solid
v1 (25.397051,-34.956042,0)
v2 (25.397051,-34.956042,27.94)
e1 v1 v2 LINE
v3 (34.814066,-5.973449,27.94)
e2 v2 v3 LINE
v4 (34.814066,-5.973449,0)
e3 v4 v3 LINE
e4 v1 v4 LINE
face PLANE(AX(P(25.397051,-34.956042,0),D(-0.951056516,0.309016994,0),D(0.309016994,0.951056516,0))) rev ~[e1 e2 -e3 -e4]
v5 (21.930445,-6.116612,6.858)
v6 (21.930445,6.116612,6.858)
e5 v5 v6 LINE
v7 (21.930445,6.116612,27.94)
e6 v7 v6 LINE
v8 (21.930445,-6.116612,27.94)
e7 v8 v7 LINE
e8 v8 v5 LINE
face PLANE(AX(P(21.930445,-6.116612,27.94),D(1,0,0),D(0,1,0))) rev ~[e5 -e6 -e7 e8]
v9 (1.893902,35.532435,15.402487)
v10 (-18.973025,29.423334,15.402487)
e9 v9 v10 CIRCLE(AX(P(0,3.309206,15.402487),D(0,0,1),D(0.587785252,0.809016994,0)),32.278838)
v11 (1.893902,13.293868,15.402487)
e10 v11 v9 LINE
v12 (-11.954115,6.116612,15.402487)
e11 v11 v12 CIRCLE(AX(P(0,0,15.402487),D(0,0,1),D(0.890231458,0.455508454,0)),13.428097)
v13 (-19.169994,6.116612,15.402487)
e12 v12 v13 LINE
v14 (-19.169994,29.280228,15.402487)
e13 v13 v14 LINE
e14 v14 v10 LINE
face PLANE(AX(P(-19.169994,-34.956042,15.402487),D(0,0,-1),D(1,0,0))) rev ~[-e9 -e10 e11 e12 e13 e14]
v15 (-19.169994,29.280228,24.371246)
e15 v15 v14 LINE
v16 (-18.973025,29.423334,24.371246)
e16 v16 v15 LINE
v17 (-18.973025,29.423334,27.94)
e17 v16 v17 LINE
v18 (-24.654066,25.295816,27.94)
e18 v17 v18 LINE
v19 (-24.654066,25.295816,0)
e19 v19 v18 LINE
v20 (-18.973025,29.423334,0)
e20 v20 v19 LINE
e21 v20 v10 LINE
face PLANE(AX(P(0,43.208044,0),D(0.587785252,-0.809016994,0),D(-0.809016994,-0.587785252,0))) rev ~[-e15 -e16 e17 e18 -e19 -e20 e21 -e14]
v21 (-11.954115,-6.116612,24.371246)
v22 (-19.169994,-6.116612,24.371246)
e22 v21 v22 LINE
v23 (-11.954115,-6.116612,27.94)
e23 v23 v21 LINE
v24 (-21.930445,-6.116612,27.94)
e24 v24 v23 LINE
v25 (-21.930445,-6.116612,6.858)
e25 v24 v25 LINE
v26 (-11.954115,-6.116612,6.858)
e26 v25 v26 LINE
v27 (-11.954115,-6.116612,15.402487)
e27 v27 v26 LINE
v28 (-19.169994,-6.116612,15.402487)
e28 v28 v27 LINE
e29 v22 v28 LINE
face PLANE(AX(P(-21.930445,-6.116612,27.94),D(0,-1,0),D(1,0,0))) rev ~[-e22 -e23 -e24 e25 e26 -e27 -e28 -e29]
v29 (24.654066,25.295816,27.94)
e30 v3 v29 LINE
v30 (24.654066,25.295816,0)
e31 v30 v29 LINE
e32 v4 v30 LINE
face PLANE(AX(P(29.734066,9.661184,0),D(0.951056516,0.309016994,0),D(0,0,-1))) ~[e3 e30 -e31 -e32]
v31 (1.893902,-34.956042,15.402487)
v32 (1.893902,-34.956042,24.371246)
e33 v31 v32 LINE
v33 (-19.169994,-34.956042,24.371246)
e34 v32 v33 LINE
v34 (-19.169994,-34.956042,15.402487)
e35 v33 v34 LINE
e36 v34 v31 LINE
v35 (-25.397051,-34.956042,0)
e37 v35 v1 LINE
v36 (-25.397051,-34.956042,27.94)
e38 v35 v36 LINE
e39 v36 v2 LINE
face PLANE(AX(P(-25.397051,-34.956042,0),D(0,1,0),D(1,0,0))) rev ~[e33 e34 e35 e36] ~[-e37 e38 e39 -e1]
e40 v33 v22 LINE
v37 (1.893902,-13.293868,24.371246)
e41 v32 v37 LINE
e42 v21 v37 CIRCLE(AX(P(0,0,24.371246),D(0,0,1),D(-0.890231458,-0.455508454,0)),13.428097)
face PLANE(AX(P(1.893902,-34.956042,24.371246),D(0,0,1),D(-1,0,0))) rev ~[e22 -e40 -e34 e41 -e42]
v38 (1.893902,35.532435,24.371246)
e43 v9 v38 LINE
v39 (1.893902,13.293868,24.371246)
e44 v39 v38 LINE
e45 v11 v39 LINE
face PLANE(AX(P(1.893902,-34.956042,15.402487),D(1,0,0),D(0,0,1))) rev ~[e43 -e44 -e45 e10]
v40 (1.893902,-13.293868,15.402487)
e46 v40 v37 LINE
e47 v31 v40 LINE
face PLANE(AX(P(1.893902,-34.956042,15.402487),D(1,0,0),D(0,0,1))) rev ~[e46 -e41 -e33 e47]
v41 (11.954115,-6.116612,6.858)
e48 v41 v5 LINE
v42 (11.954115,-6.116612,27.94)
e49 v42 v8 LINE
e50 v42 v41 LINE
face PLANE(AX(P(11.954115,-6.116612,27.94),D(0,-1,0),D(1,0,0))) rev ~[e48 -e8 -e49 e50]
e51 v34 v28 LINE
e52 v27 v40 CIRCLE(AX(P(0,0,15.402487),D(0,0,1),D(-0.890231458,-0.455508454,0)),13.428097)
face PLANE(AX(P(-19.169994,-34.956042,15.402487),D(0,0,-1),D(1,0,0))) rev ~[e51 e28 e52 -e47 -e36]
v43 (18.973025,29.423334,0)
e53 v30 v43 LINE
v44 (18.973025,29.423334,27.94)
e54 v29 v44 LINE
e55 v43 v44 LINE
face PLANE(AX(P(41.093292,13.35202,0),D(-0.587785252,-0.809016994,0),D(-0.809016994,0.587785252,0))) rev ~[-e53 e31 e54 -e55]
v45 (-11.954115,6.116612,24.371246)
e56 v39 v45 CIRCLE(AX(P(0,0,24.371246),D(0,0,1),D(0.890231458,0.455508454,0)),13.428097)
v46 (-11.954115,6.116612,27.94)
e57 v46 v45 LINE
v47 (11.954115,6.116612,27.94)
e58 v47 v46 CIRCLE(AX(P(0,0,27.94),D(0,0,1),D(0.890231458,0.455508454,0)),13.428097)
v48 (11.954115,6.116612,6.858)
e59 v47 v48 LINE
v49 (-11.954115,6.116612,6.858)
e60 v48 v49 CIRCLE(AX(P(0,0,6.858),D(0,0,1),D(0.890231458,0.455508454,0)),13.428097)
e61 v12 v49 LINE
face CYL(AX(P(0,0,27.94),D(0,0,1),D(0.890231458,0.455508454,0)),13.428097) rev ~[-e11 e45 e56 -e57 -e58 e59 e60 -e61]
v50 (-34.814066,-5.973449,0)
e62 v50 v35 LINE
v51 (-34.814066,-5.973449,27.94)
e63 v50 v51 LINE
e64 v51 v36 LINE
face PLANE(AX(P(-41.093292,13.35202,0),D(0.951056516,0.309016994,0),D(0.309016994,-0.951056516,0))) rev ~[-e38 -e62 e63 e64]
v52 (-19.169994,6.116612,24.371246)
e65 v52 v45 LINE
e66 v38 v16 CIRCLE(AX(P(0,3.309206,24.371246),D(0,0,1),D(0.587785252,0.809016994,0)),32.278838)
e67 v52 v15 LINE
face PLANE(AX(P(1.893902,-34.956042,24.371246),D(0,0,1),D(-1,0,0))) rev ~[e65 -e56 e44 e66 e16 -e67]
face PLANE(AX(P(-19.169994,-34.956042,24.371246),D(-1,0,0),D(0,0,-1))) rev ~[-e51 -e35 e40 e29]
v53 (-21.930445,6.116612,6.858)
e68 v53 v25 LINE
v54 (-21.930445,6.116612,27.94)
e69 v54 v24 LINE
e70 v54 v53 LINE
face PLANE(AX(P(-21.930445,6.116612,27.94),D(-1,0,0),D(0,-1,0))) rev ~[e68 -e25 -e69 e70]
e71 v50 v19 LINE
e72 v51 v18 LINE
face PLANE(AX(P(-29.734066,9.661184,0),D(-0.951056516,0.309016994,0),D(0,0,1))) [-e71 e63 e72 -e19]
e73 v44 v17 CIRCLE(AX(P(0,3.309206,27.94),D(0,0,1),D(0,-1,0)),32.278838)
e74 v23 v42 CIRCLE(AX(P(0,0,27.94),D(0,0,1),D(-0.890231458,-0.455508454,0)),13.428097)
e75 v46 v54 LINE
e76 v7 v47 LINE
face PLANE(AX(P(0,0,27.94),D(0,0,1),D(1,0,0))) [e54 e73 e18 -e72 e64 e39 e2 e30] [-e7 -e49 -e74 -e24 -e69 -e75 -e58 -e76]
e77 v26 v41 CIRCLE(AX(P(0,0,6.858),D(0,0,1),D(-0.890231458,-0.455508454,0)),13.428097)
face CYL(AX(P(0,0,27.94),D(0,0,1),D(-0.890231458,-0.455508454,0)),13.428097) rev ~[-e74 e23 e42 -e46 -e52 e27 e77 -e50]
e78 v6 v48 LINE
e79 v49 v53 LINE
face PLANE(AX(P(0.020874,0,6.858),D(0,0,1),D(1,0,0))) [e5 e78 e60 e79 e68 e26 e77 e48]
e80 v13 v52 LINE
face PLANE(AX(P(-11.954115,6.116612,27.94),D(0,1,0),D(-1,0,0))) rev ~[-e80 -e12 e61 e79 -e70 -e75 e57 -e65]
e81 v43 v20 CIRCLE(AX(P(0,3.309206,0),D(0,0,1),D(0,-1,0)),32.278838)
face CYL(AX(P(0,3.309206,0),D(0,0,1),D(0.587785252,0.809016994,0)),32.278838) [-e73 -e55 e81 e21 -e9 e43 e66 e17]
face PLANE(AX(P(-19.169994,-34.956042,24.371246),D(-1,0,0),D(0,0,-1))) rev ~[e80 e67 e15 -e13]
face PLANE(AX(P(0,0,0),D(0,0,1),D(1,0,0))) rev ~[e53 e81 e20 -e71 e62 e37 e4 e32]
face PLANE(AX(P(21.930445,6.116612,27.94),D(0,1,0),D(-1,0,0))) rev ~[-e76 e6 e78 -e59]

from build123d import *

# Parameters (mm, degrees)
F1_DEPTH = 27.94
F3_DEPTH = 21.082
F4_SIZE  = 20.32
F5_R     = 32.2788379885
F7_DEPTH = 79.756


with BuildPart() as f1:
    # F0 (on Top) → F1 (new body)
    with BuildSketch(Plane.XY):
        Polygon((-25.3970509228, -34.9560417235), (25.3970509228, -34.9560417235), (41.0932916072, 13.3520198262), (0, 43.2080437946), (-41.0932916072, 13.3520198262), align=None)
    extrude(amount=F1_DEPTH)

    # F2 (on face) → F3 (cut)
    with BuildSketch(Plane.XY.offset(27.94)):
        with BuildLine():
            ThreePointArc((11.9541147078, -6.116611883), (13.0544018595, -3.1458530584), (13.4280973848, 0))
            ThreePointArc((13.4280973848, 0), (13.0544018595, 3.1458530584), (11.9541147078, 6.116611883))
            Line((11.9541147078, 6.116611883), (-11.9541147078, 6.116611883))
            ThreePointArc((-11.9541147078, 6.116611883), (-13.4280973848, 0), (-11.9541147078, -6.116611883))
            Line((-11.9541147078, -6.116611883), (11.9541147078, -6.116611883))
        make_face()
        with BuildLine():
            ThreePointArc((11.9541147078, 6.116611883), (13.0544018595, 3.1458530584), (13.4280973848, 0))
            ThreePointArc((13.4280973848, 0), (13.0544018595, -3.1458530584), (11.9541147078, -6.116611883))
            Line((11.9541147078, -6.116611883), (21.9304449856, -6.116611883))
            Line((21.9304449856, -6.116611883), (21.9304449856, 6.116611883))
            Line((21.9304449856, 6.116611883), (11.9541147078, 6.116611883))
        make_face()
        with BuildLine():
            Line((-11.9541147078, 6.116611883), (11.9541147078, 6.116611883))
            ThreePointArc((11.9541147078, 6.116611883), (0, 13.4280973848), (-11.9541147078, 6.116611883))
        make_face()
        with BuildLine():
            ThreePointArc((-11.9541147078, -6.116611883), (0, -13.4280973848), (11.9541147078, -6.116611883))
            Line((11.9541147078, -6.116611883), (-11.9541147078, -6.116611883))
        make_face()
        with BuildLine():
            ThreePointArc((-11.9541147078, -6.116611883), (-13.4280973848, 0), (-11.9541147078, 6.116611883))
            Line((-11.9541147078, 6.116611883), (-21.9304449856, 6.116611883))
            Line((-21.9304449856, 6.116611883), (-21.9304449856, -6.116611883))
            Line((-21.9304449856, -6.116611883), (-11.9541147078, -6.116611883))
        make_face()
    extrude(amount=-F3_DEPTH, mode=Mode.SUBTRACT)

    # F4
    f4_edges = [f1.edges().sort_by_distance(p)[0] for p in [
        (41.093292, 13.35202, 13.97),
        (-41.093292, 13.35202, 13.97),
    ]]
    chamfer(f4_edges, length=F4_SIZE)

    # F5
    f5_edges = [f1.edges().sort_by_distance(p)[0] for p in [
        (0, 43.208044, 13.97),
    ]]
    fillet(f5_edges, radius=F5_R)

    # F6 (on face) → F7 (cut)
    with BuildSketch(Plane.XZ.offset(34.9560417235)):
        Polygon((-11.2271035568, 24.371245876), (-19.1699936986, 24.371245876), (-19.1699936986, 15.4024865478), (-11.2271035568, 15.4024865478), (-13.8161613629, 19.8868662119), align=None)
        Polygon((-6.0489879444, 24.371245876), (-11.2271035568, 24.371245876), (-13.8161613629, 19.8868662119), (-11.2271035568, 15.4024865478), (-6.0489879444, 15.4024865478), (-3.4599301382, 19.8868662119), align=None)
        Polygon((1.8939021975, 24.371245876), (-6.0489879444, 24.371245876), (-3.4599301382, 19.8868662119), (-6.0489879444, 15.4024865478), (1.8939021975, 15.4024865478), align=None)
    extrude(amount=-F7_DEPTH, mode=Mode.SUBTRACT)


solid = f1.part
